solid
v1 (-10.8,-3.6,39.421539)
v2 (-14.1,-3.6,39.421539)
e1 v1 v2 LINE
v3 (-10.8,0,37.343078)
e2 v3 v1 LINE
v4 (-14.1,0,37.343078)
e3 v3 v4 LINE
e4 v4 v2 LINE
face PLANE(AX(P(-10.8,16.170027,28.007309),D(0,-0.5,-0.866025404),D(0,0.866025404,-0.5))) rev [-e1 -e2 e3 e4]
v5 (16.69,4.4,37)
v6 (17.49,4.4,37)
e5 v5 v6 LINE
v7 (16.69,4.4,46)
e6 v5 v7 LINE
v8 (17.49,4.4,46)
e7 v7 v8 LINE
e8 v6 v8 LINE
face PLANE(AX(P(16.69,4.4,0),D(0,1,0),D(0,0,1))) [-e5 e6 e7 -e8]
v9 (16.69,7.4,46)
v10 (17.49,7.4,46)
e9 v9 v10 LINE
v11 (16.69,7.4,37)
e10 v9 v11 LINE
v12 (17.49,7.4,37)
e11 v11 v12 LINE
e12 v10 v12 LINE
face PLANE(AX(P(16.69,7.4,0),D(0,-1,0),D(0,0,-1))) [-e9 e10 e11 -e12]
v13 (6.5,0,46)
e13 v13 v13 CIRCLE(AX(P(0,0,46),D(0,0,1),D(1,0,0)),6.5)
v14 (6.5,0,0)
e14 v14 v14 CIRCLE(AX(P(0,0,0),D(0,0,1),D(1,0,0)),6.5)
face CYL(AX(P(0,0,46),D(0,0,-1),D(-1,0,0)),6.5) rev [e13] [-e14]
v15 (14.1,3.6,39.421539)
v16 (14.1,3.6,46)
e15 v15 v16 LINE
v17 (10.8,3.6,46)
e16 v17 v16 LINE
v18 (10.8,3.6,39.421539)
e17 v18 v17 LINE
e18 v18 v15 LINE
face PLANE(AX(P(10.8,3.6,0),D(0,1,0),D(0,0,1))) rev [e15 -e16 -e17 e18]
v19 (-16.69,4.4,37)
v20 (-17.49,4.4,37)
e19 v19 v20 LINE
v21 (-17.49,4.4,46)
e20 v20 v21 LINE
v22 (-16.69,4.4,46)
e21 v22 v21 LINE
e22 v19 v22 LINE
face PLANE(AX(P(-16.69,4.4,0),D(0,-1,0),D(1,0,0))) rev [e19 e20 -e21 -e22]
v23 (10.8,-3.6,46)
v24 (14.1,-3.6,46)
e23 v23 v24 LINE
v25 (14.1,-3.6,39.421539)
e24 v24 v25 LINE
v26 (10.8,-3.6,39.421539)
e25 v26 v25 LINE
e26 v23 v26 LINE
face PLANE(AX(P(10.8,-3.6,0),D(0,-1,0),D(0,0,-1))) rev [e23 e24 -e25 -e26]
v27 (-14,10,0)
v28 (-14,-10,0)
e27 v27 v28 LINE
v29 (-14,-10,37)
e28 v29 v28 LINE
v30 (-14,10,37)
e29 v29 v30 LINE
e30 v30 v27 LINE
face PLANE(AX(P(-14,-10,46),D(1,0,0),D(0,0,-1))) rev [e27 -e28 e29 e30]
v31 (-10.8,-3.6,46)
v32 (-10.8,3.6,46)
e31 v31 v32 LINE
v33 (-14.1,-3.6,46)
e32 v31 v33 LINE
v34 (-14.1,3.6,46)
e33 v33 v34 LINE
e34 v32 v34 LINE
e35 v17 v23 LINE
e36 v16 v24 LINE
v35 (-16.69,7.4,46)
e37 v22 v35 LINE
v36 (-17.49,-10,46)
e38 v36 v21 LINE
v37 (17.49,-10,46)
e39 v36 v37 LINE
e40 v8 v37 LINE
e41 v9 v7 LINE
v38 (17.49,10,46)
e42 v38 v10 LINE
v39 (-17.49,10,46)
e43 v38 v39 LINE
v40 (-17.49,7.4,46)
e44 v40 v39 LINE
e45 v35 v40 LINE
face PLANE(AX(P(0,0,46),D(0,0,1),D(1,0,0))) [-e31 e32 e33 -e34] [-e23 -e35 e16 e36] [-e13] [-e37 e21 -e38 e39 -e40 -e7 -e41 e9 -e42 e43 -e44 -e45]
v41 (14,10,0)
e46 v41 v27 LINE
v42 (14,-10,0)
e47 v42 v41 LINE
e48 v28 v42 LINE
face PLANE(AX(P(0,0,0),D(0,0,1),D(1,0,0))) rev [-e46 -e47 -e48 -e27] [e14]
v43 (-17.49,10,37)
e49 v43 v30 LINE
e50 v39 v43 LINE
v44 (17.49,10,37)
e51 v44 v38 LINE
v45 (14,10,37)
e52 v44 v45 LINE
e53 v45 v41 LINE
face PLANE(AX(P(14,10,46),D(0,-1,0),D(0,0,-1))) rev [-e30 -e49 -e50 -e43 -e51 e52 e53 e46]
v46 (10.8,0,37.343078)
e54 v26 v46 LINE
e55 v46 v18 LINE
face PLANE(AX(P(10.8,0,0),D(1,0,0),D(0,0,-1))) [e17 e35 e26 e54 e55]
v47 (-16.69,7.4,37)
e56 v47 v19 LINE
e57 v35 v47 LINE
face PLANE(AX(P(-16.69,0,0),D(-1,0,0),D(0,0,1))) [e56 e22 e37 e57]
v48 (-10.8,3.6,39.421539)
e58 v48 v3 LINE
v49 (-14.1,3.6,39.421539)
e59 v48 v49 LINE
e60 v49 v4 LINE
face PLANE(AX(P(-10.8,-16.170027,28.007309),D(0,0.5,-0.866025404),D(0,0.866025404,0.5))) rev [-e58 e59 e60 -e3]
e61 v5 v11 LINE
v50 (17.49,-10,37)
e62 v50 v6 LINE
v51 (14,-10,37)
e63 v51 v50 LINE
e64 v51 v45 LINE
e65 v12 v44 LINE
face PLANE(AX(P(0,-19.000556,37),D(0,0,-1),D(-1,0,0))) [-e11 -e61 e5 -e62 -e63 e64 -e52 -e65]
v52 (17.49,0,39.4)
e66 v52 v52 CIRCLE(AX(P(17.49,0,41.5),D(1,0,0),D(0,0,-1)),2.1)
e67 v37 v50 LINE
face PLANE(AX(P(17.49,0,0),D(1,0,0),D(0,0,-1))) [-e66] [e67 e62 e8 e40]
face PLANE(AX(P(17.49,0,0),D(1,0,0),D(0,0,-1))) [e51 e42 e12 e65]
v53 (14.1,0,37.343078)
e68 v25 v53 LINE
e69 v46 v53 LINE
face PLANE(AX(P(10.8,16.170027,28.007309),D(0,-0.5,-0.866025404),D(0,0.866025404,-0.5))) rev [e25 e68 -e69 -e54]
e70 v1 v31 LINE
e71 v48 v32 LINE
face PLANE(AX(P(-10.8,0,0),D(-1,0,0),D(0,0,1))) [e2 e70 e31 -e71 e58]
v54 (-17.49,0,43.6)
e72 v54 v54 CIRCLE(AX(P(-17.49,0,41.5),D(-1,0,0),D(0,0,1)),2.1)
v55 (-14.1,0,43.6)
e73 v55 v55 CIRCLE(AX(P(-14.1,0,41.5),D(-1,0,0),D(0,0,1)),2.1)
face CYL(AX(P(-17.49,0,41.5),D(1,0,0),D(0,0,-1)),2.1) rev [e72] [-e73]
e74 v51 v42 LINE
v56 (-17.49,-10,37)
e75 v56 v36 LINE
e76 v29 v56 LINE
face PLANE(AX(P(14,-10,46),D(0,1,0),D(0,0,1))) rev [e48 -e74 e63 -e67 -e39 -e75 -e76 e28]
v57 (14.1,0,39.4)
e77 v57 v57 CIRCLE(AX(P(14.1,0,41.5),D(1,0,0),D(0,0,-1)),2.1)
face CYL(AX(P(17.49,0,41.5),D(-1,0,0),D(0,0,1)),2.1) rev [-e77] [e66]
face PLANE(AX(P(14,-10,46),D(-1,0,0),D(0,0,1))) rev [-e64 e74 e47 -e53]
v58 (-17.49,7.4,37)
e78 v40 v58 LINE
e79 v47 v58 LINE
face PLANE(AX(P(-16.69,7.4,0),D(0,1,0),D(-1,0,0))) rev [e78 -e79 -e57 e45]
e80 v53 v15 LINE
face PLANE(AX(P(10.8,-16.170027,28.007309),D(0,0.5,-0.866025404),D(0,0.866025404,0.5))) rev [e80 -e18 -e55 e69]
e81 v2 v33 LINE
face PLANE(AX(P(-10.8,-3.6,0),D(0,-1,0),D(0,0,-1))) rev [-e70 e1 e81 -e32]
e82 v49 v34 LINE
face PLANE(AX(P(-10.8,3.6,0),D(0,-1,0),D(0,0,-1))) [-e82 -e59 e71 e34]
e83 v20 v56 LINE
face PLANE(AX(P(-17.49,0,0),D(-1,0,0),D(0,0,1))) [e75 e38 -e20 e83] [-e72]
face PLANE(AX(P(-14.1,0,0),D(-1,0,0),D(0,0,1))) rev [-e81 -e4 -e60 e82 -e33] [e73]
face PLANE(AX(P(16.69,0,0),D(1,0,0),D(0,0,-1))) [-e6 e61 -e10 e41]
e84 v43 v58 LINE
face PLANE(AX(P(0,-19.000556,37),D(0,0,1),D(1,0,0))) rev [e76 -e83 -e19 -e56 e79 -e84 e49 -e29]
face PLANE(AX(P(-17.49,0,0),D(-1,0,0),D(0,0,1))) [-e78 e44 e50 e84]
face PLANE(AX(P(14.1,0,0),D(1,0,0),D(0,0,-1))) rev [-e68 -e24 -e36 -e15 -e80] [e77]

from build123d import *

# Parameters (mm, degrees)
SZKIC1_W                    = 28
SZKIC1_H                    = 20
SZKIC1_R                    = 6.5
DODANIE_WYCI_GNI_CIE1_DEPTH = 46
SZKIC2_W                    = 0.1
SZKIC2_H                    = 9
DODANIE_WYCI_GNI_CIE2_DEPTH = 20
WYTNIJ_WYCI_GNI_CIE1_DEPTH  = 3.3
WYTNIJ_WYCI_GNI_CIE2_DEPTH  = 3.3
SZKIC5_W                    = 9
SZKIC5_H                    = 20
SZKIC5_R                    = 2.1
DODANIE_WYCI_GNI_CIE3_DEPTH = 3.39
DODANIE_WYCI_GNI_CIE4_START = 3.39
SZKIC6_W                    = 9
SZKIC6_H                    = 20
SZKIC6_R                    = 2.1
DODANIE_WYCI_GNI_CIE4_DEPTH = 3.39
SZKIC7_W                    = 9.448344777
SZKIC7_H                    = 3
WYTNIJ_WYCI_GNI_CIE3_DEPTH  = 0.8
SZKIC8_W                    = 9
SZKIC8_H                    = 3
WYTNIJ_WYCI_GNI_CIE4_DEPTH  = 0.8


with BuildPart() as part:
    # Szkic1 → Dodanie-wyciągnięcie1 (new body)
    with BuildSketch(Plane.XY):
        Rectangle(SZKIC1_W, SZKIC1_H)
        Circle(SZKIC1_R, mode=Mode.SUBTRACT)
    extrude(amount=DODANIE_WYCI_GNI_CIE1_DEPTH)

    # Szkic2 → Dodanie-wyciągnięcie2 (add)
    with BuildSketch(Plane(origin=(0, 10, 0), x_dir=(1, 0, 0), z_dir=(0, 1, 0))):
        with Locations((-14.05, -41.5)):
            Rectangle(SZKIC2_W, SZKIC2_H)
        with Locations((14.05, -41.5)):
            Rectangle(SZKIC2_W, SZKIC2_H)
    extrude(amount=-DODANIE_WYCI_GNI_CIE2_DEPTH)

    # Szkic3 → Wytnij-wyciągnięcie1 (cut)
    with BuildSketch(Plane(origin=(14.1, 0, 0), x_dir=(0, 0, -1), z_dir=(1, 0, 0))):
        Polygon((-39.421539031, -3.6), (-37.343078062, 0), (-39.421539031, 3.6), (-46, 3.6), (-46, -3.6), align=None)
    extrude(amount=-WYTNIJ_WYCI_GNI_CIE1_DEPTH, mode=Mode.SUBTRACT)

    # Szkic4 → Wytnij-wyciągnięcie2 (cut)
    with BuildSketch(Plane.ZY.offset(14.1)):
        Polygon((41.5, 3.6), (39.421539031, 3.6), (37.343078062, 0), (39.421539031, -3.6), (46, -3.6), (46, 3.6), align=None)
    extrude(amount=-WYTNIJ_WYCI_GNI_CIE2_DEPTH, mode=Mode.SUBTRACT)

    # Szkic5 → Dodanie-wyciągnięcie3 (add)
    with BuildSketch(Plane.ZY.offset(14.1)):
        with Locations((41.5, 0)):
            Rectangle(SZKIC5_W, SZKIC5_H)
        with Locations((41.5, 0)):
            Circle(SZKIC5_R, mode=Mode.SUBTRACT)
    extrude(amount=DODANIE_WYCI_GNI_CIE3_DEPTH)

    # Szkic6 → Dodanie-wyciągnięcie4 (add)
    with BuildSketch(Plane(origin=(14.1, 0, 0), x_dir=(0, 0, -1), z_dir=(1, 0, 0)).offset(DODANIE_WYCI_GNI_CIE4_START)):
        with Locations((-41.5, 0)):
            Rectangle(SZKIC6_W, SZKIC6_H)
        with Locations(Location((-41.5, 0, 0), (0, 0, 180))):
            Circle(SZKIC6_R, mode=Mode.SUBTRACT)
    extrude(amount=-DODANIE_WYCI_GNI_CIE4_DEPTH)

    # Szkic7 → Wytnij-wyciągnięcie3 (cut)
    with BuildSketch(Plane.ZY.offset(17.49)):
        with Locations((41.724172389, 5.9)):
            Rectangle(SZKIC7_W, SZKIC7_H)
    extrude(amount=-WYTNIJ_WYCI_GNI_CIE3_DEPTH, mode=Mode.SUBTRACT)

    # Szkic8 → Wytnij-wyciągnięcie4 (cut)
    with BuildSketch(Plane(origin=(17.49, 0, 0), x_dir=(0, 0, -1), z_dir=(1, 0, 0))):
        with Locations((-41.5, 5.9)):
            Rectangle(SZKIC8_W, SZKIC8_H)
    extrude(amount=-WYTNIJ_WYCI_GNI_CIE4_DEPTH, mode=Mode.SUBTRACT)


solid = part.part
